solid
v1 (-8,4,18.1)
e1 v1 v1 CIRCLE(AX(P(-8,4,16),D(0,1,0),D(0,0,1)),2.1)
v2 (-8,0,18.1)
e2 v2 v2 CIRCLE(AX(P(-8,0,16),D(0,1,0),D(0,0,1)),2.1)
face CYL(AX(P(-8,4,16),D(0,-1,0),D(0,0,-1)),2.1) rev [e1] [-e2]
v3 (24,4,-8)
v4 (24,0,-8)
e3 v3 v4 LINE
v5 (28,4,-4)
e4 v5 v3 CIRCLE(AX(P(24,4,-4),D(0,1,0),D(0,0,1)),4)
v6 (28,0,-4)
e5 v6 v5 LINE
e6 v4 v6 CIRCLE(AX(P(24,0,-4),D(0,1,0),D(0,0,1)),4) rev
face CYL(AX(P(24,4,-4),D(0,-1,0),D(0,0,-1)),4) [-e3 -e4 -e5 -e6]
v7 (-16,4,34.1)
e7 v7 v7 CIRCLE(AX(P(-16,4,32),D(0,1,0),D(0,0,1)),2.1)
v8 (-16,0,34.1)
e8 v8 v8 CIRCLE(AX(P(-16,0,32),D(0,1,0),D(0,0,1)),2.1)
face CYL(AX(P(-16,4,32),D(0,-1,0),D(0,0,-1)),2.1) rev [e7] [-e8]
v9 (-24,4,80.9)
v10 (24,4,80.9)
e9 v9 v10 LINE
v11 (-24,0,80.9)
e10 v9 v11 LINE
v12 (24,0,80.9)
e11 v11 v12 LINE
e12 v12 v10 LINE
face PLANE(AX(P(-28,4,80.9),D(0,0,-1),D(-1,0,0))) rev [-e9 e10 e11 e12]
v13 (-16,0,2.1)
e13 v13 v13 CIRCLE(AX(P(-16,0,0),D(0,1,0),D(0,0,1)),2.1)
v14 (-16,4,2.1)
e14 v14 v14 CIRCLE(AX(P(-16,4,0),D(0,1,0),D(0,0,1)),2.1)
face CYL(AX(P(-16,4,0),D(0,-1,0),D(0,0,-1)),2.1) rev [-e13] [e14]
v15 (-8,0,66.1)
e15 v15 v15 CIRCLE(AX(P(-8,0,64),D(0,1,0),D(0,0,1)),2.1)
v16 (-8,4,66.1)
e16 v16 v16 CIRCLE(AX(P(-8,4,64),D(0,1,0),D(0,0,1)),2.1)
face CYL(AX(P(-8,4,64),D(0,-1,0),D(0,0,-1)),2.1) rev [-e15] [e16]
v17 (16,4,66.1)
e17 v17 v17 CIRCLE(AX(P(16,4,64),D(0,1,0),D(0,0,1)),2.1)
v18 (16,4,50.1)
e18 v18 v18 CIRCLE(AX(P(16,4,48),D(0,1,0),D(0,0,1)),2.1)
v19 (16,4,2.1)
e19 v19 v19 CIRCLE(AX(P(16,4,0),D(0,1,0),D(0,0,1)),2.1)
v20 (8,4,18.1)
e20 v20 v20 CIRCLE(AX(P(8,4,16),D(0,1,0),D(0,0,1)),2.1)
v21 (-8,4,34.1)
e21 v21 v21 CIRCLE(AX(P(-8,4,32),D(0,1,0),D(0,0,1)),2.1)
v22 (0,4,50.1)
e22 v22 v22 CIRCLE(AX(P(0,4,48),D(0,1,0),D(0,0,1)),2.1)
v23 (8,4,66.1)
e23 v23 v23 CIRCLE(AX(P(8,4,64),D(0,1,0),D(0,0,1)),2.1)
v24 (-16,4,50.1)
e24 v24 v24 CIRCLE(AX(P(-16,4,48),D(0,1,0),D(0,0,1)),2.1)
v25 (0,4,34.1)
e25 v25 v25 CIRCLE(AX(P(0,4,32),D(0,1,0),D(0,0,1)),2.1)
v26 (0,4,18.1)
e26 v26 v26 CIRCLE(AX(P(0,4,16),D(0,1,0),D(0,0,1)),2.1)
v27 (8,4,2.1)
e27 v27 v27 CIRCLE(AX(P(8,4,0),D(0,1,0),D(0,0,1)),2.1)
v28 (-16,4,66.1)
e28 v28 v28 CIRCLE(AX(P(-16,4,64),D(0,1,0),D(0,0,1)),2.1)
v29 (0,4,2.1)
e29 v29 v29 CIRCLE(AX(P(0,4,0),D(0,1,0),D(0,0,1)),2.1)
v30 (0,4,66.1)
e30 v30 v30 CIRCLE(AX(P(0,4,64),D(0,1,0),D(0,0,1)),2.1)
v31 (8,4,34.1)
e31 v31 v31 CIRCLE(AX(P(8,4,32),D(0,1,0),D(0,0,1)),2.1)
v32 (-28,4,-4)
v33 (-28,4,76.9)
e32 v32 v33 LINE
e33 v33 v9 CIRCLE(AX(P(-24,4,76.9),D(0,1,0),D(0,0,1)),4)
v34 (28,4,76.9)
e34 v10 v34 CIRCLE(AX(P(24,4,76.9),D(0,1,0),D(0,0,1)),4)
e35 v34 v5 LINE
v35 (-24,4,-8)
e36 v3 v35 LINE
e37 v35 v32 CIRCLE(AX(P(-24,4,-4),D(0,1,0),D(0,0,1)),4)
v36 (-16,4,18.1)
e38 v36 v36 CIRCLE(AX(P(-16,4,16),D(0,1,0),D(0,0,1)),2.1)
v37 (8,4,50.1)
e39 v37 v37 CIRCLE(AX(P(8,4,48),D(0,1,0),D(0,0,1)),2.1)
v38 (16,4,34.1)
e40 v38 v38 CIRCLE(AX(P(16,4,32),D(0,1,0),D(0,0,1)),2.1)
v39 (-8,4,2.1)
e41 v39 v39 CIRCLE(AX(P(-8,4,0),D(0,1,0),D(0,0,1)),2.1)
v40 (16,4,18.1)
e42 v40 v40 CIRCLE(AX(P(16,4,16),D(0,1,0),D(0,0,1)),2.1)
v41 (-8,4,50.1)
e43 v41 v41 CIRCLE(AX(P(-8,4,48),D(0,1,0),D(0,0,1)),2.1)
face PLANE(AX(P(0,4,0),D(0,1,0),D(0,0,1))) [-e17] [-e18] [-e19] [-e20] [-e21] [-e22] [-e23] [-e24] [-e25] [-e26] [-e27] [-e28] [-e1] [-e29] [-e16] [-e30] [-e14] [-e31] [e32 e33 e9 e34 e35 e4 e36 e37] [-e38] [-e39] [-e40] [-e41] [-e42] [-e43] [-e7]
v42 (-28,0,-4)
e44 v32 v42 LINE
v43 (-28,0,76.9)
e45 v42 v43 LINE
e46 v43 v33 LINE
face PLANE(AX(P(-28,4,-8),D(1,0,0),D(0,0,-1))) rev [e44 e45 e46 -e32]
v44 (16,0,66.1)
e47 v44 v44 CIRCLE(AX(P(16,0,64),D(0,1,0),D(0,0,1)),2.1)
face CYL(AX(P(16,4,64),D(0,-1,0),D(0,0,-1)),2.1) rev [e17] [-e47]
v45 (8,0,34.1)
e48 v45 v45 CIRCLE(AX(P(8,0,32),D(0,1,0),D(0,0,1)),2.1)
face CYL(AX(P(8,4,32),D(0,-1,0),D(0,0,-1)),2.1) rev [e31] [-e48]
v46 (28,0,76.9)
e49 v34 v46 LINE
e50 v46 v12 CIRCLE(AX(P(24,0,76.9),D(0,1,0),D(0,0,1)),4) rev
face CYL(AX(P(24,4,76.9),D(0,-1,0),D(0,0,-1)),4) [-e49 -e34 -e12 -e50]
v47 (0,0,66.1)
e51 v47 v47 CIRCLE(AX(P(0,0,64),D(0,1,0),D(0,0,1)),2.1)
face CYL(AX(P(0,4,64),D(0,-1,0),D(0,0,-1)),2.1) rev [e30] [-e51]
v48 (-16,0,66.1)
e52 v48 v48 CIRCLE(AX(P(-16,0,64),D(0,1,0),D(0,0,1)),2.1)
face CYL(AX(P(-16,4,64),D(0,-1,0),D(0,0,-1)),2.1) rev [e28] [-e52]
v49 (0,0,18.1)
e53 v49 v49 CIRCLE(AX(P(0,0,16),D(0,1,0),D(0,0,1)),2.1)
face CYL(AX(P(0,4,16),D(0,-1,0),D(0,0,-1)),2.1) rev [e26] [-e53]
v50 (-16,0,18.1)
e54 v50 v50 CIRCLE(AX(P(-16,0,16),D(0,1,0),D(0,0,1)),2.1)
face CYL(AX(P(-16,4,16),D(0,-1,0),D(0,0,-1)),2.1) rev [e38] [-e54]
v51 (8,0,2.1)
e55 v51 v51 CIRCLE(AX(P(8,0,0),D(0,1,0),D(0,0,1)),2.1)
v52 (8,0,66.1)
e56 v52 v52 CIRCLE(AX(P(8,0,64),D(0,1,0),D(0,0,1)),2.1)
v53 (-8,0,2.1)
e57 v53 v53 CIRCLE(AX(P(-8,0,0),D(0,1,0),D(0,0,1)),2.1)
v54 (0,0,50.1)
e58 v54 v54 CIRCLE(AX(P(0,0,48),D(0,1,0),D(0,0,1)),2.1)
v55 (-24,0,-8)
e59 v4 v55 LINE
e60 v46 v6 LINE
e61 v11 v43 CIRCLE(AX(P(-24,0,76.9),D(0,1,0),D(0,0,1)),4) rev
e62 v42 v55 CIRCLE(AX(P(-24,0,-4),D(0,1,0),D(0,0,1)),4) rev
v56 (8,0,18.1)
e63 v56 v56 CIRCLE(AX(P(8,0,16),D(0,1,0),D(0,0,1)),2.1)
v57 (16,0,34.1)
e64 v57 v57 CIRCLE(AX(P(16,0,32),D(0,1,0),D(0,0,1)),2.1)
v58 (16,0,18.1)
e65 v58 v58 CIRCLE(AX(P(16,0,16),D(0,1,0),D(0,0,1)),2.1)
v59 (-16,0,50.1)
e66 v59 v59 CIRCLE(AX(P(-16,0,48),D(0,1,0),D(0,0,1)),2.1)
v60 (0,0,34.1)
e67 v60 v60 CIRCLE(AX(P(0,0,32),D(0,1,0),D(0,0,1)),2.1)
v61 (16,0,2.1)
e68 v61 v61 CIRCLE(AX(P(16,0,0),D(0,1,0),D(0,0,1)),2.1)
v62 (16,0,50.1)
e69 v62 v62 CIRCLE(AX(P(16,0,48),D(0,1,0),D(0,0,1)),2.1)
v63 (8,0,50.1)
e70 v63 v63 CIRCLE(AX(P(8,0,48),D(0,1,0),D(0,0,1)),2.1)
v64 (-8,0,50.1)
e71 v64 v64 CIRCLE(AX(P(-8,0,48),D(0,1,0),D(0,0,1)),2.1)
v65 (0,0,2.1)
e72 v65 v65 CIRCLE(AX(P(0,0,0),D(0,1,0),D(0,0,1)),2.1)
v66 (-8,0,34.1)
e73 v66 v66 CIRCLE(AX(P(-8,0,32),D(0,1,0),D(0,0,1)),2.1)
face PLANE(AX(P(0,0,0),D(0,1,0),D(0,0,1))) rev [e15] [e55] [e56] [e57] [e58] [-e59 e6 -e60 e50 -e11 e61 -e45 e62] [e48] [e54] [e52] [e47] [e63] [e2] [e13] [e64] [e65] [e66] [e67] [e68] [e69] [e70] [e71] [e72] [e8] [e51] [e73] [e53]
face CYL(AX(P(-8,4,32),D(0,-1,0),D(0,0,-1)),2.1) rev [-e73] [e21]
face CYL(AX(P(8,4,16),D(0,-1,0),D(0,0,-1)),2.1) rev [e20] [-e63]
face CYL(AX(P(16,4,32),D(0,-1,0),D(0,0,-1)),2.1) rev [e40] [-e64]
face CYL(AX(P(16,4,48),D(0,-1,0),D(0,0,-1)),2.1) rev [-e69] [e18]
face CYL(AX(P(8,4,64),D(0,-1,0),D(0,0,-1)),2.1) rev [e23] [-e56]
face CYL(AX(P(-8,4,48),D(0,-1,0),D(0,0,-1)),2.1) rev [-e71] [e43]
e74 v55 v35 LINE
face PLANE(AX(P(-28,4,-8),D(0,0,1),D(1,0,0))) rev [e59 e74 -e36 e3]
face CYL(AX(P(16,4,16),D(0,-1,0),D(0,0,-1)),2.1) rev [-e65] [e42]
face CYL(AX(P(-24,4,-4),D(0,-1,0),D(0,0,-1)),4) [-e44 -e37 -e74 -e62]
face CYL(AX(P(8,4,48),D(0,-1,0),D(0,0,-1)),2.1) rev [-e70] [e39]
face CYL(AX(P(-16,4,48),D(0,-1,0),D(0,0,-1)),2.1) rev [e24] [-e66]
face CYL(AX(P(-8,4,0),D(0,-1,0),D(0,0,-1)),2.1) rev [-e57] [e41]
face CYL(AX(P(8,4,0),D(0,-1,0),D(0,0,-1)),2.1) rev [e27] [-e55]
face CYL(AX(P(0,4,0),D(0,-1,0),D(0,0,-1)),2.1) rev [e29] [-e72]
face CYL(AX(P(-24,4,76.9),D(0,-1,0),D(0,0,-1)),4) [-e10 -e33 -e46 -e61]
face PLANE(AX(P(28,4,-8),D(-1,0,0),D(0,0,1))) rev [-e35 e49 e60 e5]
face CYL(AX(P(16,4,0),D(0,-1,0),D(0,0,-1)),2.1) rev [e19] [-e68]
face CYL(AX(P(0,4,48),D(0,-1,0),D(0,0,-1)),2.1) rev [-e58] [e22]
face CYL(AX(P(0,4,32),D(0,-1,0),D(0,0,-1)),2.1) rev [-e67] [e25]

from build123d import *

# Parameters (mm, degrees)
SKETCH1_W           = 56
SKETCH1_H           = 88.9
SKETCH1_R           = 2.1
BOSS_EXTRUDE1_DEPTH = 4
FILLET1_R           = 4


with BuildPart() as part:
    # Sketch1 → Boss-Extrude1 (new body)
    with BuildSketch(Plane(origin=(0, 0, 0), x_dir=(1, 0, 0), z_dir=(0, 1, 0))):
        with Locations((0, -36.45)):
            Rectangle(SKETCH1_W, SKETCH1_H)
        with Locations(Location((-16, 0, 0), (0, 0, 270))):
            Circle(SKETCH1_R, mode=Mode.SUBTRACT)
        with Locations(Location((16, 0, 0), (0, 0, 270))):
            Circle(SKETCH1_R, mode=Mode.SUBTRACT)
        with Locations(Location((-8, 0, 0), (0, 0, 270))):
            Circle(SKETCH1_R, mode=Mode.SUBTRACT)
        with Locations(Location((0, 0, 0), (0, 0, 270))):
            Circle(SKETCH1_R, mode=Mode.SUBTRACT)
        with Locations(Location((8, 0, 0), (0, 0, 270))):
            Circle(SKETCH1_R, mode=Mode.SUBTRACT)
        with Locations(Location((-16, -16, 0), (0, 0, 270))):
            Circle(SKETCH1_R, mode=Mode.SUBTRACT)
        with Locations(Location((-8, -16, 0), (0, 0, 270))):
            Circle(SKETCH1_R, mode=Mode.SUBTRACT)
        with Locations(Location((0, -16, 0), (0, 0, 270))):
            Circle(SKETCH1_R, mode=Mode.SUBTRACT)
        with Locations(Location((8, -16, 0), (0, 0, 270))):
            Circle(SKETCH1_R, mode=Mode.SUBTRACT)
        with Locations(Location((16, -16, 0), (0, 0, 270))):
            Circle(SKETCH1_R, mode=Mode.SUBTRACT)
        with Locations(Location((-16, -32, 0), (0, 0, 270))):
            Circle(SKETCH1_R, mode=Mode.SUBTRACT)
        with Locations(Location((-8, -32, 0), (0, 0, 270))):
            Circle(SKETCH1_R, mode=Mode.SUBTRACT)
        with Locations(Location((0, -32, 0), (0, 0, 270))):
            Circle(SKETCH1_R, mode=Mode.SUBTRACT)
        with Locations(Location((8, -32, 0), (0, 0, 270))):
            Circle(SKETCH1_R, mode=Mode.SUBTRACT)
        with Locations(Location((16, -32, 0), (0, 0, 270))):
            Circle(SKETCH1_R, mode=Mode.SUBTRACT)
        with Locations(Location((-16, -48, 0), (0, 0, 270))):
            Circle(SKETCH1_R, mode=Mode.SUBTRACT)
        with Locations(Location((-8, -48, 0), (0, 0, 270))):
            Circle(SKETCH1_R, mode=Mode.SUBTRACT)
        with Locations(Location((0, -48, 0), (0, 0, 270))):
            Circle(SKETCH1_R, mode=Mode.SUBTRACT)
        with Locations(Location((8, -48, 0), (0, 0, 270))):
            Circle(SKETCH1_R, mode=Mode.SUBTRACT)
        with Locations(Location((16, -48, 0), (0, 0, 270))):
            Circle(SKETCH1_R, mode=Mode.SUBTRACT)
        with Locations(Location((-16, -64, 0), (0, 0, 270))):
            Circle(SKETCH1_R, mode=Mode.SUBTRACT)
        with Locations(Location((-8, -64, 0), (0, 0, 270))):
            Circle(SKETCH1_R, mode=Mode.SUBTRACT)
        with Locations(Location((0, -64, 0), (0, 0, 270))):
            Circle(SKETCH1_R, mode=Mode.SUBTRACT)
        with Locations(Location((8, -64, 0), (0, 0, 270))):
            Circle(SKETCH1_R, mode=Mode.SUBTRACT)
        with Locations(Location((16, -64, 0), (0, 0, 270))):
            Circle(SKETCH1_R, mode=Mode.SUBTRACT)
    extrude(amount=BOSS_EXTRUDE1_DEPTH)

    # Fillet1
    fillet1_edges = [part.edges().sort_by_distance(p)[0] for p in [
        (-28, 2, -8),
        (28, 2, -8),
        (28, 2, 80.9),
        (-28, 2, 80.9),
    ]]
    fillet(fillet1_edges, radius=FILLET1_R)


solid = part.part
